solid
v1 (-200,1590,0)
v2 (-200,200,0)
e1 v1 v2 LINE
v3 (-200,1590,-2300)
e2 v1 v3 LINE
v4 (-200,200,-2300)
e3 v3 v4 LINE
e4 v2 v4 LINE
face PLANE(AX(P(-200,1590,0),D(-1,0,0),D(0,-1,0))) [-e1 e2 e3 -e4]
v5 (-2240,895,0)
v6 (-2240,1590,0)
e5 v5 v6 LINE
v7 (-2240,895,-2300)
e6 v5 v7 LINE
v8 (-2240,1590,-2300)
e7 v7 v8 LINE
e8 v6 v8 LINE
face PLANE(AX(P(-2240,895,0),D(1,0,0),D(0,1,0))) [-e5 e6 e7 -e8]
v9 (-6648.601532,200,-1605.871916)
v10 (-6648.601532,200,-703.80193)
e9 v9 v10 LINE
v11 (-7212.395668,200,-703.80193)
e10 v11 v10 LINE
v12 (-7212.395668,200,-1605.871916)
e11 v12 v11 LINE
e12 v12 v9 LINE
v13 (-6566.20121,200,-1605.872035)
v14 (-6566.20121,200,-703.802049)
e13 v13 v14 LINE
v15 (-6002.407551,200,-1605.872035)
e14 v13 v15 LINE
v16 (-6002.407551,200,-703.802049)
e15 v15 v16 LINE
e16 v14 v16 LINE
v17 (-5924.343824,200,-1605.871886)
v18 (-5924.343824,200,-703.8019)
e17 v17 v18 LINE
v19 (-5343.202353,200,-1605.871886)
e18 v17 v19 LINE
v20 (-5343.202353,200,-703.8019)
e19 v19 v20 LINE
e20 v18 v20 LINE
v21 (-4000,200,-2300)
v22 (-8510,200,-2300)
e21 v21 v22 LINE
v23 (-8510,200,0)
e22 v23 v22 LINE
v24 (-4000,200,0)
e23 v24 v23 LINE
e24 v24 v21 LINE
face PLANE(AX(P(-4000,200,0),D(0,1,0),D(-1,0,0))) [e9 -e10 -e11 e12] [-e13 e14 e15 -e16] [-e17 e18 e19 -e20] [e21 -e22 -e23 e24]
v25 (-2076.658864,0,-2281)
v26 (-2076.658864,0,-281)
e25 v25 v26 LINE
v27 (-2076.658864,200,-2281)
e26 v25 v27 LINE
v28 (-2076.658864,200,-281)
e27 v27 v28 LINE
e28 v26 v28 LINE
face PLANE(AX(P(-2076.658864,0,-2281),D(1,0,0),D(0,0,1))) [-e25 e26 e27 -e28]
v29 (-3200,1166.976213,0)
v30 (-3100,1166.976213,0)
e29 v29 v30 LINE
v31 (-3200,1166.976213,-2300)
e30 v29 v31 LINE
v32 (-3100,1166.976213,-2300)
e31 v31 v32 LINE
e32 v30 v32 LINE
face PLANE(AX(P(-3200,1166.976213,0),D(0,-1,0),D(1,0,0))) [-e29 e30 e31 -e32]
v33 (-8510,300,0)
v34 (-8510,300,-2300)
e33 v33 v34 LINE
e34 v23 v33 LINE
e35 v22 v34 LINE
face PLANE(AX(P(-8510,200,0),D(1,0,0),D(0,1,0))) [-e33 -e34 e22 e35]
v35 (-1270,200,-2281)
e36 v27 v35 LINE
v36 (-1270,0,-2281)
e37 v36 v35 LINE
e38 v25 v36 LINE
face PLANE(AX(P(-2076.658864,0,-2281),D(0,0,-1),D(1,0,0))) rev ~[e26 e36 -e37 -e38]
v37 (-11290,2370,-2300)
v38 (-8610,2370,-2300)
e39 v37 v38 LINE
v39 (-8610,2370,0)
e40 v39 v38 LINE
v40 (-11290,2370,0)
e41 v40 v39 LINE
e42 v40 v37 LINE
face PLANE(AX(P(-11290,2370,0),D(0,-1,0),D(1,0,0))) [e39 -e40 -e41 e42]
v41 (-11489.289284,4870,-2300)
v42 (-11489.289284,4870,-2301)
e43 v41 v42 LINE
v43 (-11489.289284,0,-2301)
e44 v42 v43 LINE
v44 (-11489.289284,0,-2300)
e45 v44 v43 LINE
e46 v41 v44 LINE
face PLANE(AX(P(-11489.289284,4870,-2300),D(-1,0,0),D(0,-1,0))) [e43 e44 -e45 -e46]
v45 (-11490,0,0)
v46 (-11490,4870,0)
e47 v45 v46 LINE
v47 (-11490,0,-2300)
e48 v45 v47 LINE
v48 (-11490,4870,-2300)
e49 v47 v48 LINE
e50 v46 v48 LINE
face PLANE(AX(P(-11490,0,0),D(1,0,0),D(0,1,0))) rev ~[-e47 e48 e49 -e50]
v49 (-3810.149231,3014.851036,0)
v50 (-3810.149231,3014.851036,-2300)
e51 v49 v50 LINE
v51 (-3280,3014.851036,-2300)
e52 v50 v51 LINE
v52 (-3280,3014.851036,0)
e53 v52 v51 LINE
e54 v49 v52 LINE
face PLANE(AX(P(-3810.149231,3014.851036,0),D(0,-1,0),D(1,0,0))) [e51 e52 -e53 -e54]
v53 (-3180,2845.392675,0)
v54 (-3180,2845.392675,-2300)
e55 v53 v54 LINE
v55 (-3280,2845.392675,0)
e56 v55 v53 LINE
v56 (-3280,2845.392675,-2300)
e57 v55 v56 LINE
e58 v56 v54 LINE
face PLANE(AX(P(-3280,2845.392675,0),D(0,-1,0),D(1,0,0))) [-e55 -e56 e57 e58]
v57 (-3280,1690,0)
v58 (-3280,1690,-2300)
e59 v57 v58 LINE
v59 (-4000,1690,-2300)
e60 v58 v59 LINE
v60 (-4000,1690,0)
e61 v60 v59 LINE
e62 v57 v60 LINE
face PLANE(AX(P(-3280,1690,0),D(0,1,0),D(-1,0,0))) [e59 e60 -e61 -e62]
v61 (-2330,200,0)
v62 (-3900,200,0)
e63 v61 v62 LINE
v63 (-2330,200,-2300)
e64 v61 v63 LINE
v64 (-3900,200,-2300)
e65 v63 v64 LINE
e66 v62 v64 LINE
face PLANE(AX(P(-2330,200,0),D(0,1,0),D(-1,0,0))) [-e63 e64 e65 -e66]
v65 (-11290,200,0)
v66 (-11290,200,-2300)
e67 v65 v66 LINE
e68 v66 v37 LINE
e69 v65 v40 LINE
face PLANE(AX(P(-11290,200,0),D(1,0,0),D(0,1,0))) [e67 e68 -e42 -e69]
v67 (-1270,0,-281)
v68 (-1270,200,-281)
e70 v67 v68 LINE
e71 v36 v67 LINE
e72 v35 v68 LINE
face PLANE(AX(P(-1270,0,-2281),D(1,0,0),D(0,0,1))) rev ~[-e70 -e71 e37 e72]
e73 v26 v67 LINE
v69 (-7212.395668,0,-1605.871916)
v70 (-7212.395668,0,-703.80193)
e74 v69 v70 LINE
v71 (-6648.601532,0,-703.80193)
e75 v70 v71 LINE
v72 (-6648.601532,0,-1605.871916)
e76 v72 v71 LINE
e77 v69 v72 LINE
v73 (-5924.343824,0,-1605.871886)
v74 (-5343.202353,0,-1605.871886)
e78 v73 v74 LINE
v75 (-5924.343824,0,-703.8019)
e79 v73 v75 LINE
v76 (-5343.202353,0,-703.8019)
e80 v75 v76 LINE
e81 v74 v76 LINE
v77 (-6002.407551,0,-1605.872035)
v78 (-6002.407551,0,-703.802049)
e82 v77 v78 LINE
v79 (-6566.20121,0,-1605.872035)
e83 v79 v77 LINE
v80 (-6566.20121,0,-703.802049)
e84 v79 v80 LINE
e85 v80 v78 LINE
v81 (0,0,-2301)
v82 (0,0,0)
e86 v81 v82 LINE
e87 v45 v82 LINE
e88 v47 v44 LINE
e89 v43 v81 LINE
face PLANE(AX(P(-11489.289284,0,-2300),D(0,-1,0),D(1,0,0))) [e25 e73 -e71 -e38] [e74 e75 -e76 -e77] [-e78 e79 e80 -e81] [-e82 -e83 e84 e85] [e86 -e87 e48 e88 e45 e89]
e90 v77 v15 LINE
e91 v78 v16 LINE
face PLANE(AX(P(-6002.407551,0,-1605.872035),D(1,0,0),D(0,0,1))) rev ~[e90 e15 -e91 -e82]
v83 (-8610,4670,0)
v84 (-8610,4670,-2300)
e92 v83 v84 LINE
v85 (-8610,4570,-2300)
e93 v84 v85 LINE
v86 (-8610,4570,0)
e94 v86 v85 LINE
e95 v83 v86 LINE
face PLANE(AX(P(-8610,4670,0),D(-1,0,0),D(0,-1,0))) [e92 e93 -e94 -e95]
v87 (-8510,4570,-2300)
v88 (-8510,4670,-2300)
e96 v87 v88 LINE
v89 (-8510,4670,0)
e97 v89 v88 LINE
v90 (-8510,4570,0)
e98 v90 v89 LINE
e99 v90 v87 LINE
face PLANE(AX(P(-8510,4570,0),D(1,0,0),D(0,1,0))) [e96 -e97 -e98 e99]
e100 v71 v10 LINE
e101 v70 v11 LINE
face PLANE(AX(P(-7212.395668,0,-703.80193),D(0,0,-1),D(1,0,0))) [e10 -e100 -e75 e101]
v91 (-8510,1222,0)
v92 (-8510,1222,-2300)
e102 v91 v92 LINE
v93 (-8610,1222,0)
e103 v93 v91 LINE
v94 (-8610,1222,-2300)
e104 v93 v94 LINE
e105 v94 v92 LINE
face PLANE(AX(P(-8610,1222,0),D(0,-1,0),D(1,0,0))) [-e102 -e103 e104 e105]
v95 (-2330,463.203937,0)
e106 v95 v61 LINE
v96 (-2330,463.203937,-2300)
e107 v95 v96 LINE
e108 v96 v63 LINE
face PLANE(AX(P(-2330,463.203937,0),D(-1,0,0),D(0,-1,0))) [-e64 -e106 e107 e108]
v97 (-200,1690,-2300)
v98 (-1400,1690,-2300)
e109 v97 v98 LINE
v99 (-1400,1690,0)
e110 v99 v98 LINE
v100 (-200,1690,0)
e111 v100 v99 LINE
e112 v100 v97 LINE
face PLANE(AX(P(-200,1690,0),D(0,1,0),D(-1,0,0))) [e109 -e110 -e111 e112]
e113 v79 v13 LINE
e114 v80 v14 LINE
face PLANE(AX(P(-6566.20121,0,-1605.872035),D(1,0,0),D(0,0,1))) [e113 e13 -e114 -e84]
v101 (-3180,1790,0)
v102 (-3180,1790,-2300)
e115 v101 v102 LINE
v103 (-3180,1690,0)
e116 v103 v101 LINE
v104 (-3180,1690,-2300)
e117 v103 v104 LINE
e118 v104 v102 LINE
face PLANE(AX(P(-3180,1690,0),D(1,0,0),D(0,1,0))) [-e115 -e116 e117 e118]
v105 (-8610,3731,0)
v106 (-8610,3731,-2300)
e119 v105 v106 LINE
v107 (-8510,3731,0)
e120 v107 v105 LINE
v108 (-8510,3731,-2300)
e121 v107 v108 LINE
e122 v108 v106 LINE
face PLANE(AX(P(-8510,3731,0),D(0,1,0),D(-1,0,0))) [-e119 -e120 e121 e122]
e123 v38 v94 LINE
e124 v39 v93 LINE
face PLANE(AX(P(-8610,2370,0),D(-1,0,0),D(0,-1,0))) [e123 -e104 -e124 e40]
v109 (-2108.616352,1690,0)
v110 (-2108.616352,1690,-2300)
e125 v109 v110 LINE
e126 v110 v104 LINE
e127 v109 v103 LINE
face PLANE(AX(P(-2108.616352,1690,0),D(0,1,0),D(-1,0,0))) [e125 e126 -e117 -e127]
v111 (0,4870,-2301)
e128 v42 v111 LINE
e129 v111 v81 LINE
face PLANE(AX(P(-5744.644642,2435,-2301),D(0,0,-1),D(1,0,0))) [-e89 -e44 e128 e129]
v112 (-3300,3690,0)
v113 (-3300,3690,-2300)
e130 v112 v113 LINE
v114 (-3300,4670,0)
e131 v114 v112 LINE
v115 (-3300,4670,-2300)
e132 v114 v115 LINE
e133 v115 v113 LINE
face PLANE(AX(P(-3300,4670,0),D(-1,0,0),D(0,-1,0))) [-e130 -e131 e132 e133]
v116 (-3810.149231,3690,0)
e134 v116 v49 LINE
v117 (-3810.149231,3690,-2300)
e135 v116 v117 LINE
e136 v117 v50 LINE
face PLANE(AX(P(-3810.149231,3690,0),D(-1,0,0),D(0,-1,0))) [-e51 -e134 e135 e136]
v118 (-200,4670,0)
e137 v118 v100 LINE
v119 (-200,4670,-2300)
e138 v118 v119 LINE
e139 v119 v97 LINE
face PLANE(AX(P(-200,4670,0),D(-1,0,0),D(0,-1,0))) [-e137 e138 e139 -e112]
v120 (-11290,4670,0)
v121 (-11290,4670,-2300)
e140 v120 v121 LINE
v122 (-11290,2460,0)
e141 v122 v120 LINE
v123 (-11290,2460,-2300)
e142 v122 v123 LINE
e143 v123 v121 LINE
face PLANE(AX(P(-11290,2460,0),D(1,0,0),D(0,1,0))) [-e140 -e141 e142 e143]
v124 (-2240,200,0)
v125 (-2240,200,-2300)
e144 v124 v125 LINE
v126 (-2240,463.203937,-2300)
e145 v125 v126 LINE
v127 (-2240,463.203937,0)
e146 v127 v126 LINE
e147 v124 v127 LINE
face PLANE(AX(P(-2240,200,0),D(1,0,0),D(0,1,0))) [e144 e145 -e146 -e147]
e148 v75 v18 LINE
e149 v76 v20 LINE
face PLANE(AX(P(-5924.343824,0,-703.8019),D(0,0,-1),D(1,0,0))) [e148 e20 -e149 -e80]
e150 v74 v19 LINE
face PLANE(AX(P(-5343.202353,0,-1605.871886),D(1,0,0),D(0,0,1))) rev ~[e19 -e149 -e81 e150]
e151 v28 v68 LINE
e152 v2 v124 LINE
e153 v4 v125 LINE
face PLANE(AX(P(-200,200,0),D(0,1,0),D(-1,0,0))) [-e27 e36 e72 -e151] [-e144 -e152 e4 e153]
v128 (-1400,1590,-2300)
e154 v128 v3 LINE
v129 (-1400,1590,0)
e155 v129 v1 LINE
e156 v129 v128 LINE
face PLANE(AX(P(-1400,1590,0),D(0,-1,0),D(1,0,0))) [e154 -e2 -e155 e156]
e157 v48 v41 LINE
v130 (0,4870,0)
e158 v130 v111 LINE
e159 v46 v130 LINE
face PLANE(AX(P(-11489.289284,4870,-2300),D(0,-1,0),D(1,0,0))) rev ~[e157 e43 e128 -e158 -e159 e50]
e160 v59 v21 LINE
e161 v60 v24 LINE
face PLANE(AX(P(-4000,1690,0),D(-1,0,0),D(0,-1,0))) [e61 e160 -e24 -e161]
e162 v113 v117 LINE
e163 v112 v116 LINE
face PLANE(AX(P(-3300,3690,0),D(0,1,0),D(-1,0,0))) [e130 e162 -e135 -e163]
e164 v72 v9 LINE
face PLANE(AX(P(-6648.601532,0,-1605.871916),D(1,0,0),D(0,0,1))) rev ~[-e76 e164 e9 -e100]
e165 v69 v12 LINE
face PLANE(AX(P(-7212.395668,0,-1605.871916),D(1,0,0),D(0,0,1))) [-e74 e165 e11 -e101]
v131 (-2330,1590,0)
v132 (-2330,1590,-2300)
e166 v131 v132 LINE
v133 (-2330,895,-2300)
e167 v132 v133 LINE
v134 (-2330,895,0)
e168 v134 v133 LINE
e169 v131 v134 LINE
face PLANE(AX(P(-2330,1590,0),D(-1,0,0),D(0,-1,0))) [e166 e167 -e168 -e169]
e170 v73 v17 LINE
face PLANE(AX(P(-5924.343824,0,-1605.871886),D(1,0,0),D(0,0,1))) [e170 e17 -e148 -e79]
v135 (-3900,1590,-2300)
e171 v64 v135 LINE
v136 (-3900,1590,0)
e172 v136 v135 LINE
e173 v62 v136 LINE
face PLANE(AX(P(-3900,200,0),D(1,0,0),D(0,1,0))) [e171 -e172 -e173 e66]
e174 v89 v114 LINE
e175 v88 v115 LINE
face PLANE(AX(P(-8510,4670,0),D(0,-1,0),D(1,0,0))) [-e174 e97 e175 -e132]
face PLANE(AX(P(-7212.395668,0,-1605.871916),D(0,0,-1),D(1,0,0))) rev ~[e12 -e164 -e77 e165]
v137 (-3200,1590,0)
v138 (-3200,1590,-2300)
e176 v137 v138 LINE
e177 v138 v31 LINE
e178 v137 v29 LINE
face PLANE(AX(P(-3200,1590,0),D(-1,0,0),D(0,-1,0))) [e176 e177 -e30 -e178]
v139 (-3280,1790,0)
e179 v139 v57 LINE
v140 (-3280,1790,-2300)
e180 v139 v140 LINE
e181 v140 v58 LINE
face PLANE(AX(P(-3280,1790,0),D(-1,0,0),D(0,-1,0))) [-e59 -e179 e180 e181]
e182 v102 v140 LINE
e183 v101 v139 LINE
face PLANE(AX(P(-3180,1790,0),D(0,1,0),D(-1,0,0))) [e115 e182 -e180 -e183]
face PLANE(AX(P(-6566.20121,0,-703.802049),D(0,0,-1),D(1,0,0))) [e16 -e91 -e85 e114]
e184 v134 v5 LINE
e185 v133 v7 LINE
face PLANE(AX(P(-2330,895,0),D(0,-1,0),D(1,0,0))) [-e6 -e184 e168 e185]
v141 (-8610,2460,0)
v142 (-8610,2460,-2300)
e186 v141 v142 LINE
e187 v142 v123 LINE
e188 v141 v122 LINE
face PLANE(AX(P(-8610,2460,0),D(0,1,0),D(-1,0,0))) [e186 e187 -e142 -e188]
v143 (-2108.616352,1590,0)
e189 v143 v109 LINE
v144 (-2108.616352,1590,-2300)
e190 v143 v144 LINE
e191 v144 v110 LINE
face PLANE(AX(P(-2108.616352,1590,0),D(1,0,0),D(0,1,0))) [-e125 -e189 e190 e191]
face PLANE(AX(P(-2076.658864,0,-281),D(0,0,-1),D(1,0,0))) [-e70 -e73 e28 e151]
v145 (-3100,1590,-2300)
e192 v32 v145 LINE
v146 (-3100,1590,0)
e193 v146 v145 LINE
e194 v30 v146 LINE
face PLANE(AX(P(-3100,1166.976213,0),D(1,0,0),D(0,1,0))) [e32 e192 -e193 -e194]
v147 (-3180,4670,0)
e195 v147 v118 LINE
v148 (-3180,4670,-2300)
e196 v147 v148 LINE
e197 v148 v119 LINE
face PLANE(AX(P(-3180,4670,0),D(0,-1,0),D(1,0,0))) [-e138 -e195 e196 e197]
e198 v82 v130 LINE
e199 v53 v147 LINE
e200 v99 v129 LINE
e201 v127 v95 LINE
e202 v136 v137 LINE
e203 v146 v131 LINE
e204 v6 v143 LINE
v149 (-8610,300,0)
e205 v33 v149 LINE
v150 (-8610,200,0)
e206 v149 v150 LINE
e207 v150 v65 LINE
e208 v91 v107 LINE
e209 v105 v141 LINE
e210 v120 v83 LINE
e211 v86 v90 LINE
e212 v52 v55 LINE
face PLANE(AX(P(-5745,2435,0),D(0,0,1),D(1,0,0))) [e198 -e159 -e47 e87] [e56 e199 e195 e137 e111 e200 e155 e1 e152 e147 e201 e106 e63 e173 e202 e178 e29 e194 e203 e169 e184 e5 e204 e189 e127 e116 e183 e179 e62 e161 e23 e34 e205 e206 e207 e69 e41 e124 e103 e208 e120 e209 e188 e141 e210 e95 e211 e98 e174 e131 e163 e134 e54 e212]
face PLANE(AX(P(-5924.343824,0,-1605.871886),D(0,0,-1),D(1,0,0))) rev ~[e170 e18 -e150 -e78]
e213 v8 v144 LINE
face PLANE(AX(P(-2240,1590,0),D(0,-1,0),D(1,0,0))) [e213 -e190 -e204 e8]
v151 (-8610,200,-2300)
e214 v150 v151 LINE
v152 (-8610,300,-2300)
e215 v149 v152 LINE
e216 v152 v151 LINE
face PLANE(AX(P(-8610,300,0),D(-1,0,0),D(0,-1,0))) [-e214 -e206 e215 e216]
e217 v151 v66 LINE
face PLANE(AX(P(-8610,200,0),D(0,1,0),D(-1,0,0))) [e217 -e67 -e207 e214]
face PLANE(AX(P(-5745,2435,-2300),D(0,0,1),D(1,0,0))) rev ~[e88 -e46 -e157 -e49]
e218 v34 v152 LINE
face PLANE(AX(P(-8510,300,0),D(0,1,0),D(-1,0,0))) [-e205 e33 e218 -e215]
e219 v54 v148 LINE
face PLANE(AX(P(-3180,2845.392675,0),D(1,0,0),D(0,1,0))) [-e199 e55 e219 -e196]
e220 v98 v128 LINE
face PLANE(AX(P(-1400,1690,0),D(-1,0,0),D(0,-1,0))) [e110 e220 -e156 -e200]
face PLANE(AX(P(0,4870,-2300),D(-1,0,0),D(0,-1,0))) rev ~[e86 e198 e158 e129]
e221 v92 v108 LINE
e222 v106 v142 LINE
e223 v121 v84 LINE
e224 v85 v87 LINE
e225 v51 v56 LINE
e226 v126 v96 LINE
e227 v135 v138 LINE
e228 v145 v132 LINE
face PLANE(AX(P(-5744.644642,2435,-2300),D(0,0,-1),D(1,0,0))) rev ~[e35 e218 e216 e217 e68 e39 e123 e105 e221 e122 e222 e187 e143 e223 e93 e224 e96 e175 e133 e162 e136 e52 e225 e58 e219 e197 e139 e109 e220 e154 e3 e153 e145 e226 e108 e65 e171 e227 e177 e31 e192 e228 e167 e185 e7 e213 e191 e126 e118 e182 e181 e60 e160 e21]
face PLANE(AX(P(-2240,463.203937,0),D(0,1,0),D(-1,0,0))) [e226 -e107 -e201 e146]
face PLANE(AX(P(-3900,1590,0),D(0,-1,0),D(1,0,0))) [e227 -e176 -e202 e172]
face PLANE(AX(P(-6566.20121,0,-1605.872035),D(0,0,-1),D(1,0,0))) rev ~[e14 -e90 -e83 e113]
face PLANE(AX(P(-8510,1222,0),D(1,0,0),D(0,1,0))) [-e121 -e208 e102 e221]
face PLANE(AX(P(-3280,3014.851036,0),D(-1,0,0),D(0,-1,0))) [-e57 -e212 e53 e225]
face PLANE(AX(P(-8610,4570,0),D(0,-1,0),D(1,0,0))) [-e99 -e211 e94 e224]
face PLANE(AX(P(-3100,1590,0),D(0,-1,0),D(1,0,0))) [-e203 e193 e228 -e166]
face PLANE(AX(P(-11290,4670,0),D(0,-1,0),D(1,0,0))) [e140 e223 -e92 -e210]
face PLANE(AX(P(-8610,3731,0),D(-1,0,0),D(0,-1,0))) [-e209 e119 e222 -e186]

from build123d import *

# Parameters (mm, degrees)
F0_W     = 11490
F0_H     = 4870
F1_DEPTH = 2300
F2_W     = 11489.289284
F2_H     = 4870
F3_DEPTH = 1
F4_W     = 806.658864
F4_H     = 2000
F4_W_2   = 563.794136
F4_H_2   = 902.069986
F4_W_3   = 563.793659
F4_W_4   = 581.141471
F5_DEPTH = 200


with BuildPart() as f1:
    # F0 (on Top) → F1 (new body)
    with BuildSketch(Plane.XY):
        with Locations((-5745, 2435)):
            Rectangle(F0_W, F0_H)
        Polygon((-11290, 2460), (-11290, 4670), (-8610, 4670), (-8610, 4570), (-8510, 4570), (-8510, 4670), (-3300, 4670), (-3300, 3690), (-3810.149231, 3690), (-3810.149231, 3014.851036), (-3280, 3014.851036), (-3280, 2845.392675), (-3180, 2845.392675), (-3180, 4670), (-200, 4670), (-200, 1690), (-1400, 1690), (-1400, 1590), (-200, 1590), (-200, 200), (-2240, 200), (-2240, 463.203937), (-2330, 463.203937), (-2330, 200), (-3900, 200), (-3900, 1590), (-3200, 1590), (-3200, 1166.976213), (-3100, 1166.976213), (-3100, 1590), (-2330, 1590), (-2330, 895), (-2240, 895), (-2240, 1590), (-2108.616352, 1590), (-2108.616352, 1690), (-2240, 1690), (-3180, 1690), (-3180, 1790), (-3280, 1790), (-3280, 1690), (-4000, 1690), (-4000, 200), (-8510, 200), (-8510, 300), (-8610, 300), (-8610, 200), (-11290, 200), (-11290, 2370), (-8610, 2370), (-8610, 1222), (-8510, 1222), (-8510, 3731), (-8610, 3731), (-8610, 2460), align=None, mode=Mode.SUBTRACT)
    extrude(amount=-F1_DEPTH)

    # F2 (on face) → F3 (join)
    with BuildSketch(Plane(origin=(0, 0, -2300), x_dir=(1, 0, 0), z_dir=(0, 0, -1))):
        with Locations((-5744.644642, -2435)):
            Rectangle(F2_W, F2_H)
    extrude(amount=F3_DEPTH)

    # F4 (on face) → F5 (cut, through all)
    with BuildSketch(Plane.XZ):
        with Locations((-1673.329432, -1281)):
            Rectangle(F4_W, F4_H)
        with Locations((-6930.4986, -1154.836923)):
            Rectangle(F4_W_2, F4_H_2)
        with Locations((-6284.30438, -1154.837042)):
            Rectangle(F4_W_3, F4_H_2)
        with Locations((-5633.773089, -1154.836893)):
            Rectangle(F4_W_4, F4_H_2)
    extrude(amount=-F5_DEPTH, mode=Mode.SUBTRACT)


solid = f1.part
